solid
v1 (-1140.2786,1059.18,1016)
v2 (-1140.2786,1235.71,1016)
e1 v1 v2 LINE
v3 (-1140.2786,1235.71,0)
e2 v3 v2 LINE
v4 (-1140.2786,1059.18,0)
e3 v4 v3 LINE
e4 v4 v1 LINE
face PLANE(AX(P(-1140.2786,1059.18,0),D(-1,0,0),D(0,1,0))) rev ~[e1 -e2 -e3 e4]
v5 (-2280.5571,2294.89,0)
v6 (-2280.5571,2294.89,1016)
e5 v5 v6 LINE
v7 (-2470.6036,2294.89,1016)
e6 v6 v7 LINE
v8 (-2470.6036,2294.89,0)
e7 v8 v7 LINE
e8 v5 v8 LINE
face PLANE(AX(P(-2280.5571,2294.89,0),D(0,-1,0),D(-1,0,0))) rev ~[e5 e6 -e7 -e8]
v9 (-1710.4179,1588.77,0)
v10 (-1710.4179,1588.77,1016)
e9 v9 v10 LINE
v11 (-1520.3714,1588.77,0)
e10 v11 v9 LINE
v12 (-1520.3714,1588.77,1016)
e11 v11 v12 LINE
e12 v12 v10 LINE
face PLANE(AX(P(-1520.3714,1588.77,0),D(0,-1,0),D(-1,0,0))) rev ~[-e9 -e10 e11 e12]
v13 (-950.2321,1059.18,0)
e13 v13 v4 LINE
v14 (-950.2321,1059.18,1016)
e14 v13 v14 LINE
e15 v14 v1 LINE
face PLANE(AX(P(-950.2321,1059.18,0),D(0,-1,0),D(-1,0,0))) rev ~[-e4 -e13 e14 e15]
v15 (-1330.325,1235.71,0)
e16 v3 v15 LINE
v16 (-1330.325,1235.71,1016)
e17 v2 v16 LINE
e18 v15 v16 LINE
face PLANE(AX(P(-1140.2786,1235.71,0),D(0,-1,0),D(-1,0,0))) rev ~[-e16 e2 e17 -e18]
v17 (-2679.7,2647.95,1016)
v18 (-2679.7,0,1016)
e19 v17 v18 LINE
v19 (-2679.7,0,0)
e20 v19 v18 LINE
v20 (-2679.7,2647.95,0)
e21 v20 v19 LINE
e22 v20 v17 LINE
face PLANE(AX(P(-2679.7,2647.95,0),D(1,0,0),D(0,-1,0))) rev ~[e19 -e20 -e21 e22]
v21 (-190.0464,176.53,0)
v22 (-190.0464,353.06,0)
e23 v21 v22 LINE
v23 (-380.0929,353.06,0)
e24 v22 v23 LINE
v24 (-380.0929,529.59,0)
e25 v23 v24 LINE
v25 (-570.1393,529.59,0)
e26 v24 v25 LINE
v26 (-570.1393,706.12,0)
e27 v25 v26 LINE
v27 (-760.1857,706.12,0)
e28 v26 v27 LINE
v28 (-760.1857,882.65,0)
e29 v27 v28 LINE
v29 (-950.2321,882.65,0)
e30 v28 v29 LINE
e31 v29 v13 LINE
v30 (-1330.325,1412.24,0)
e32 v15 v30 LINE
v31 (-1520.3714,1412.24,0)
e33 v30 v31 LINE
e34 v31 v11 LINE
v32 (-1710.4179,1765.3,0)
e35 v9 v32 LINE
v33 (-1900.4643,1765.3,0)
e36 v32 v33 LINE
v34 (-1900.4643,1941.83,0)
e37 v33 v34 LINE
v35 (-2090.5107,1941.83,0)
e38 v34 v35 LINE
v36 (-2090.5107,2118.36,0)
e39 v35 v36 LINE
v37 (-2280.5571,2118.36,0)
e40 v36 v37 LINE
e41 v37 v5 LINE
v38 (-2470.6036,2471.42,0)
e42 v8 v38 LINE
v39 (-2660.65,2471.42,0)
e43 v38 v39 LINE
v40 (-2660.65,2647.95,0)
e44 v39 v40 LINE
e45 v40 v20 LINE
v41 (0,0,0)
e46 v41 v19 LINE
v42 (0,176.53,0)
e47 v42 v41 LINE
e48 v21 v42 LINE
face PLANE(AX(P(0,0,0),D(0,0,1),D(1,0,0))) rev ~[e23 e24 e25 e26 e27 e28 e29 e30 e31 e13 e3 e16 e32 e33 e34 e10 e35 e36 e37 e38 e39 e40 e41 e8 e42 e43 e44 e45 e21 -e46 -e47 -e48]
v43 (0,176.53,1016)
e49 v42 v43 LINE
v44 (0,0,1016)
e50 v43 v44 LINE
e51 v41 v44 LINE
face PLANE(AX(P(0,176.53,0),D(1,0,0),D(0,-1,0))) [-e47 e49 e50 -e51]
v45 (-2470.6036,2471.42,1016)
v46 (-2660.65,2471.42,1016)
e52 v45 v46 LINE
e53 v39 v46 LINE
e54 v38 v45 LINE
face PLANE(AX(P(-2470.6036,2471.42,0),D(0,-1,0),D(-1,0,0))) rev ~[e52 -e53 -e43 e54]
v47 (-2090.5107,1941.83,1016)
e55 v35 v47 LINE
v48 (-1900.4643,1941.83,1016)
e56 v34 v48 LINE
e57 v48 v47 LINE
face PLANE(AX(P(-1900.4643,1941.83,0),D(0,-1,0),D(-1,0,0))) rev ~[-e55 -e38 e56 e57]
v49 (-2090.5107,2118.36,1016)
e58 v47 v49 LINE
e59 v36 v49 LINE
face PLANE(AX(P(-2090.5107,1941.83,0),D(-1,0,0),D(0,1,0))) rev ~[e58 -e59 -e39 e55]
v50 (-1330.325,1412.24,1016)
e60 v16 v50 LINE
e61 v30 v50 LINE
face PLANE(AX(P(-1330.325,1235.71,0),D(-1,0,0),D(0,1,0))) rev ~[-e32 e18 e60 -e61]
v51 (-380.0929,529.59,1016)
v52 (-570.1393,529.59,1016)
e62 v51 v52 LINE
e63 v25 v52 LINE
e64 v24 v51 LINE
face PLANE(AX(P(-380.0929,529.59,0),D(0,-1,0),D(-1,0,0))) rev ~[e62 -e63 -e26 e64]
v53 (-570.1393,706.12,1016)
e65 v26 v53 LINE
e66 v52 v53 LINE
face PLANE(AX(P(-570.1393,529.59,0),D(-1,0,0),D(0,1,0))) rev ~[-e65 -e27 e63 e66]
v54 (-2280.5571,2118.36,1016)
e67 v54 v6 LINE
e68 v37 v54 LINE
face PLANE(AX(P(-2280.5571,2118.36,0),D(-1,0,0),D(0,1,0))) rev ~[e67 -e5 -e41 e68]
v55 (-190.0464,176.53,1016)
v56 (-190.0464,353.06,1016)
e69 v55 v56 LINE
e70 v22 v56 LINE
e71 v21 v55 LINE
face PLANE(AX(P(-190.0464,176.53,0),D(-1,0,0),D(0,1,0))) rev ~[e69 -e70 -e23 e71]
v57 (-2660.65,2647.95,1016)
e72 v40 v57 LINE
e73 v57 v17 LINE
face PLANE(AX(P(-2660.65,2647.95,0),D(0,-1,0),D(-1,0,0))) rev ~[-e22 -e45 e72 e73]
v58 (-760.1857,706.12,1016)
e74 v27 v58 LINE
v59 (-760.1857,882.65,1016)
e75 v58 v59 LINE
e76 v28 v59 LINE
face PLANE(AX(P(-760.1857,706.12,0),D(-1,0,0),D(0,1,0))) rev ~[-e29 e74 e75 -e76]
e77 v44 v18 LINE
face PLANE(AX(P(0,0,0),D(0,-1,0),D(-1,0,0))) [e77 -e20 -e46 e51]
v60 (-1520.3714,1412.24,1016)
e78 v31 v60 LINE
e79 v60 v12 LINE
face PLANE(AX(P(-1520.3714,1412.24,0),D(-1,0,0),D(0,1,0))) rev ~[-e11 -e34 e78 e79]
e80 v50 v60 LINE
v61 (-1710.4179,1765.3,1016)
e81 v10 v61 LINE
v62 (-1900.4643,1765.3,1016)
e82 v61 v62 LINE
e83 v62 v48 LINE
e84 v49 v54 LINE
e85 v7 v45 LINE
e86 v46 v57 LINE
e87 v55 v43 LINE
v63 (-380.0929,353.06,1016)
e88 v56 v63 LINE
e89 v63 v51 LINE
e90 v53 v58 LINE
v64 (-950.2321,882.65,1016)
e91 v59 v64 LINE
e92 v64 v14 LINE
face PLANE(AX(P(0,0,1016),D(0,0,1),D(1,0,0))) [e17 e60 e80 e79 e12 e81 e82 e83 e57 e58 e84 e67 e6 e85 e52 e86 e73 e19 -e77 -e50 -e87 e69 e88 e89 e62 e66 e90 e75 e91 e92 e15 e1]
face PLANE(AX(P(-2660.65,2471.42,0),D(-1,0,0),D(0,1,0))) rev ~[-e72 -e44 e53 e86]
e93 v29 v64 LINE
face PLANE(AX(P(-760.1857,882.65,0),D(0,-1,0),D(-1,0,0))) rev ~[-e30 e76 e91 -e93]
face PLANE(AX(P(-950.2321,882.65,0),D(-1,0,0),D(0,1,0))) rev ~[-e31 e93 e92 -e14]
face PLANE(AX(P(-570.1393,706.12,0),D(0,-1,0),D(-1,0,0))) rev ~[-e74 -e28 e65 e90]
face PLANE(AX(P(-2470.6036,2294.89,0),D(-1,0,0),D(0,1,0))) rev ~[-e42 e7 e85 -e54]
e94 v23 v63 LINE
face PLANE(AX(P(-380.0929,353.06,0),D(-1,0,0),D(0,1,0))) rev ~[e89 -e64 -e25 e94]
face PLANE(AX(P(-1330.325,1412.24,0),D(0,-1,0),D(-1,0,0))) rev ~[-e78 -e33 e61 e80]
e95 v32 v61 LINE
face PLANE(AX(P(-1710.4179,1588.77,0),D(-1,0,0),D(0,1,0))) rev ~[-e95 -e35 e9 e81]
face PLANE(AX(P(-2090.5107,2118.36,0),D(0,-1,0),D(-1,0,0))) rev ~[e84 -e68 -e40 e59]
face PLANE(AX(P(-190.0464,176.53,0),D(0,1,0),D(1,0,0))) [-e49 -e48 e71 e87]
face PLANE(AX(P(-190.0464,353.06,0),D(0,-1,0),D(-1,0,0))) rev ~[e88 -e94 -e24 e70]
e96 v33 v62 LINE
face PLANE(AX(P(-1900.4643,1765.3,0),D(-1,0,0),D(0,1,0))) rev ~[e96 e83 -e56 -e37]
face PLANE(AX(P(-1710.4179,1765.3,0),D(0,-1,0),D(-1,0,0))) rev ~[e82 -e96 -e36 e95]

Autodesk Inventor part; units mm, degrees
ref_plane "YZ Plane" through (0, 0, 0) normal (1, 0, 0) x (0, 1, 0)
ref_plane "XZ Plane" through (0, 0, 0) normal (0, 1, 0) x (-1, 0, 0)
ref_plane "XY Plane" through (0, 0, 0) normal (0, 0, 1) x (1, 0, 0)
sketch "Sketch1" plane through (0, 0, 0) normal (0, 0, 1) x (1, 0, 0)
  line L0 (-190.0464, 176.53) -> (-190.0464, 353.06)
  line L1 (-190.0464, 353.06) -> (-380.0929, 353.06)
  line L2 (-380.0929, 353.06) -> (-380.0929, 529.59)
  line L3 (-380.0929, 529.59) -> (-570.1393, 529.59)
  line L4 (-570.1393, 529.59) -> (-570.1393, 706.12)
  line L5 (-570.1393, 706.12) -> (-760.1857, 706.12)
  line L6 (-760.1857, 706.12) -> (-760.1857, 882.65)
  line L7 (-760.1857, 882.65) -> (-950.2321, 882.65)
  line L8 (-950.2321, 882.65) -> (-950.2321, 1059.18)
  line L9 (-950.2321, 1059.18) -> (-1140.2786, 1059.18)
  line L10 (-1140.2786, 1059.18) -> (-1140.2786, 1235.71)
  line L11 (-1140.2786, 1235.71) -> (-1330.325, 1235.71)
  line L12 (-1330.325, 1235.71) -> (-1330.325, 1412.24)
  line L13 (-1330.325, 1412.24) -> (-1520.3714, 1412.24)
  line L14 (-1520.3714, 1412.24) -> (-1520.3714, 1588.77)
  line L15 (-1520.3714, 1588.77) -> (-1710.4179, 1588.77)
  line L16 (-1710.4179, 1588.77) -> (-1710.4179, 1765.3)
  line L17 (-1710.4179, 1765.3) -> (-1900.4643, 1765.3)
  line L18 (-1900.4643, 1765.3) -> (-1900.4643, 1941.83)
  line L19 (-1900.4643, 1941.83) -> (-2090.5107, 1941.83)
  line L20 (-2090.5107, 1941.83) -> (-2090.5107, 2118.36)
  line L21 (-2090.5107, 2118.36) -> (-2280.5571, 2118.36)
  line L22 (-2280.5571, 2118.36) -> (-2280.5571, 2294.89)
  line L23 (-2280.5571, 2294.89) -> (-2470.6036, 2294.89)
  line L24 (-190.0464, 176.53) -> (0, 176.53)
  line L25 (0, 176.53) -> (0, 0)
  line L26 (0, 0) -> (-2679.7, 0)
  line L27 (-2470.6036, 2294.89) -> (-2470.6036, 2471.42)
  line L28 (-2470.6036, 2471.42) -> (-2660.65, 2471.42)
  line L29 (-2660.65, 2471.42) -> (-2660.65, 2647.95)
  line L30 (-2660.65, 2647.95) -> (-2679.7, 2647.95)
  line L31 (-2679.7, 2647.95) -> (-2679.7, 0)
  point P0 (-2762.8302, 625.5305)
  dimension "d21" = 2647.95
  dimension "d22" = 2679.7
  dimension "d23" = 19.05
extrude "Extrusion1" add sketch "Sketch1" along normal blind 1016
properties part number "Stairs_Between_Finished_Basement_And_First_Floor" material "Wood (Southern Pine)"
